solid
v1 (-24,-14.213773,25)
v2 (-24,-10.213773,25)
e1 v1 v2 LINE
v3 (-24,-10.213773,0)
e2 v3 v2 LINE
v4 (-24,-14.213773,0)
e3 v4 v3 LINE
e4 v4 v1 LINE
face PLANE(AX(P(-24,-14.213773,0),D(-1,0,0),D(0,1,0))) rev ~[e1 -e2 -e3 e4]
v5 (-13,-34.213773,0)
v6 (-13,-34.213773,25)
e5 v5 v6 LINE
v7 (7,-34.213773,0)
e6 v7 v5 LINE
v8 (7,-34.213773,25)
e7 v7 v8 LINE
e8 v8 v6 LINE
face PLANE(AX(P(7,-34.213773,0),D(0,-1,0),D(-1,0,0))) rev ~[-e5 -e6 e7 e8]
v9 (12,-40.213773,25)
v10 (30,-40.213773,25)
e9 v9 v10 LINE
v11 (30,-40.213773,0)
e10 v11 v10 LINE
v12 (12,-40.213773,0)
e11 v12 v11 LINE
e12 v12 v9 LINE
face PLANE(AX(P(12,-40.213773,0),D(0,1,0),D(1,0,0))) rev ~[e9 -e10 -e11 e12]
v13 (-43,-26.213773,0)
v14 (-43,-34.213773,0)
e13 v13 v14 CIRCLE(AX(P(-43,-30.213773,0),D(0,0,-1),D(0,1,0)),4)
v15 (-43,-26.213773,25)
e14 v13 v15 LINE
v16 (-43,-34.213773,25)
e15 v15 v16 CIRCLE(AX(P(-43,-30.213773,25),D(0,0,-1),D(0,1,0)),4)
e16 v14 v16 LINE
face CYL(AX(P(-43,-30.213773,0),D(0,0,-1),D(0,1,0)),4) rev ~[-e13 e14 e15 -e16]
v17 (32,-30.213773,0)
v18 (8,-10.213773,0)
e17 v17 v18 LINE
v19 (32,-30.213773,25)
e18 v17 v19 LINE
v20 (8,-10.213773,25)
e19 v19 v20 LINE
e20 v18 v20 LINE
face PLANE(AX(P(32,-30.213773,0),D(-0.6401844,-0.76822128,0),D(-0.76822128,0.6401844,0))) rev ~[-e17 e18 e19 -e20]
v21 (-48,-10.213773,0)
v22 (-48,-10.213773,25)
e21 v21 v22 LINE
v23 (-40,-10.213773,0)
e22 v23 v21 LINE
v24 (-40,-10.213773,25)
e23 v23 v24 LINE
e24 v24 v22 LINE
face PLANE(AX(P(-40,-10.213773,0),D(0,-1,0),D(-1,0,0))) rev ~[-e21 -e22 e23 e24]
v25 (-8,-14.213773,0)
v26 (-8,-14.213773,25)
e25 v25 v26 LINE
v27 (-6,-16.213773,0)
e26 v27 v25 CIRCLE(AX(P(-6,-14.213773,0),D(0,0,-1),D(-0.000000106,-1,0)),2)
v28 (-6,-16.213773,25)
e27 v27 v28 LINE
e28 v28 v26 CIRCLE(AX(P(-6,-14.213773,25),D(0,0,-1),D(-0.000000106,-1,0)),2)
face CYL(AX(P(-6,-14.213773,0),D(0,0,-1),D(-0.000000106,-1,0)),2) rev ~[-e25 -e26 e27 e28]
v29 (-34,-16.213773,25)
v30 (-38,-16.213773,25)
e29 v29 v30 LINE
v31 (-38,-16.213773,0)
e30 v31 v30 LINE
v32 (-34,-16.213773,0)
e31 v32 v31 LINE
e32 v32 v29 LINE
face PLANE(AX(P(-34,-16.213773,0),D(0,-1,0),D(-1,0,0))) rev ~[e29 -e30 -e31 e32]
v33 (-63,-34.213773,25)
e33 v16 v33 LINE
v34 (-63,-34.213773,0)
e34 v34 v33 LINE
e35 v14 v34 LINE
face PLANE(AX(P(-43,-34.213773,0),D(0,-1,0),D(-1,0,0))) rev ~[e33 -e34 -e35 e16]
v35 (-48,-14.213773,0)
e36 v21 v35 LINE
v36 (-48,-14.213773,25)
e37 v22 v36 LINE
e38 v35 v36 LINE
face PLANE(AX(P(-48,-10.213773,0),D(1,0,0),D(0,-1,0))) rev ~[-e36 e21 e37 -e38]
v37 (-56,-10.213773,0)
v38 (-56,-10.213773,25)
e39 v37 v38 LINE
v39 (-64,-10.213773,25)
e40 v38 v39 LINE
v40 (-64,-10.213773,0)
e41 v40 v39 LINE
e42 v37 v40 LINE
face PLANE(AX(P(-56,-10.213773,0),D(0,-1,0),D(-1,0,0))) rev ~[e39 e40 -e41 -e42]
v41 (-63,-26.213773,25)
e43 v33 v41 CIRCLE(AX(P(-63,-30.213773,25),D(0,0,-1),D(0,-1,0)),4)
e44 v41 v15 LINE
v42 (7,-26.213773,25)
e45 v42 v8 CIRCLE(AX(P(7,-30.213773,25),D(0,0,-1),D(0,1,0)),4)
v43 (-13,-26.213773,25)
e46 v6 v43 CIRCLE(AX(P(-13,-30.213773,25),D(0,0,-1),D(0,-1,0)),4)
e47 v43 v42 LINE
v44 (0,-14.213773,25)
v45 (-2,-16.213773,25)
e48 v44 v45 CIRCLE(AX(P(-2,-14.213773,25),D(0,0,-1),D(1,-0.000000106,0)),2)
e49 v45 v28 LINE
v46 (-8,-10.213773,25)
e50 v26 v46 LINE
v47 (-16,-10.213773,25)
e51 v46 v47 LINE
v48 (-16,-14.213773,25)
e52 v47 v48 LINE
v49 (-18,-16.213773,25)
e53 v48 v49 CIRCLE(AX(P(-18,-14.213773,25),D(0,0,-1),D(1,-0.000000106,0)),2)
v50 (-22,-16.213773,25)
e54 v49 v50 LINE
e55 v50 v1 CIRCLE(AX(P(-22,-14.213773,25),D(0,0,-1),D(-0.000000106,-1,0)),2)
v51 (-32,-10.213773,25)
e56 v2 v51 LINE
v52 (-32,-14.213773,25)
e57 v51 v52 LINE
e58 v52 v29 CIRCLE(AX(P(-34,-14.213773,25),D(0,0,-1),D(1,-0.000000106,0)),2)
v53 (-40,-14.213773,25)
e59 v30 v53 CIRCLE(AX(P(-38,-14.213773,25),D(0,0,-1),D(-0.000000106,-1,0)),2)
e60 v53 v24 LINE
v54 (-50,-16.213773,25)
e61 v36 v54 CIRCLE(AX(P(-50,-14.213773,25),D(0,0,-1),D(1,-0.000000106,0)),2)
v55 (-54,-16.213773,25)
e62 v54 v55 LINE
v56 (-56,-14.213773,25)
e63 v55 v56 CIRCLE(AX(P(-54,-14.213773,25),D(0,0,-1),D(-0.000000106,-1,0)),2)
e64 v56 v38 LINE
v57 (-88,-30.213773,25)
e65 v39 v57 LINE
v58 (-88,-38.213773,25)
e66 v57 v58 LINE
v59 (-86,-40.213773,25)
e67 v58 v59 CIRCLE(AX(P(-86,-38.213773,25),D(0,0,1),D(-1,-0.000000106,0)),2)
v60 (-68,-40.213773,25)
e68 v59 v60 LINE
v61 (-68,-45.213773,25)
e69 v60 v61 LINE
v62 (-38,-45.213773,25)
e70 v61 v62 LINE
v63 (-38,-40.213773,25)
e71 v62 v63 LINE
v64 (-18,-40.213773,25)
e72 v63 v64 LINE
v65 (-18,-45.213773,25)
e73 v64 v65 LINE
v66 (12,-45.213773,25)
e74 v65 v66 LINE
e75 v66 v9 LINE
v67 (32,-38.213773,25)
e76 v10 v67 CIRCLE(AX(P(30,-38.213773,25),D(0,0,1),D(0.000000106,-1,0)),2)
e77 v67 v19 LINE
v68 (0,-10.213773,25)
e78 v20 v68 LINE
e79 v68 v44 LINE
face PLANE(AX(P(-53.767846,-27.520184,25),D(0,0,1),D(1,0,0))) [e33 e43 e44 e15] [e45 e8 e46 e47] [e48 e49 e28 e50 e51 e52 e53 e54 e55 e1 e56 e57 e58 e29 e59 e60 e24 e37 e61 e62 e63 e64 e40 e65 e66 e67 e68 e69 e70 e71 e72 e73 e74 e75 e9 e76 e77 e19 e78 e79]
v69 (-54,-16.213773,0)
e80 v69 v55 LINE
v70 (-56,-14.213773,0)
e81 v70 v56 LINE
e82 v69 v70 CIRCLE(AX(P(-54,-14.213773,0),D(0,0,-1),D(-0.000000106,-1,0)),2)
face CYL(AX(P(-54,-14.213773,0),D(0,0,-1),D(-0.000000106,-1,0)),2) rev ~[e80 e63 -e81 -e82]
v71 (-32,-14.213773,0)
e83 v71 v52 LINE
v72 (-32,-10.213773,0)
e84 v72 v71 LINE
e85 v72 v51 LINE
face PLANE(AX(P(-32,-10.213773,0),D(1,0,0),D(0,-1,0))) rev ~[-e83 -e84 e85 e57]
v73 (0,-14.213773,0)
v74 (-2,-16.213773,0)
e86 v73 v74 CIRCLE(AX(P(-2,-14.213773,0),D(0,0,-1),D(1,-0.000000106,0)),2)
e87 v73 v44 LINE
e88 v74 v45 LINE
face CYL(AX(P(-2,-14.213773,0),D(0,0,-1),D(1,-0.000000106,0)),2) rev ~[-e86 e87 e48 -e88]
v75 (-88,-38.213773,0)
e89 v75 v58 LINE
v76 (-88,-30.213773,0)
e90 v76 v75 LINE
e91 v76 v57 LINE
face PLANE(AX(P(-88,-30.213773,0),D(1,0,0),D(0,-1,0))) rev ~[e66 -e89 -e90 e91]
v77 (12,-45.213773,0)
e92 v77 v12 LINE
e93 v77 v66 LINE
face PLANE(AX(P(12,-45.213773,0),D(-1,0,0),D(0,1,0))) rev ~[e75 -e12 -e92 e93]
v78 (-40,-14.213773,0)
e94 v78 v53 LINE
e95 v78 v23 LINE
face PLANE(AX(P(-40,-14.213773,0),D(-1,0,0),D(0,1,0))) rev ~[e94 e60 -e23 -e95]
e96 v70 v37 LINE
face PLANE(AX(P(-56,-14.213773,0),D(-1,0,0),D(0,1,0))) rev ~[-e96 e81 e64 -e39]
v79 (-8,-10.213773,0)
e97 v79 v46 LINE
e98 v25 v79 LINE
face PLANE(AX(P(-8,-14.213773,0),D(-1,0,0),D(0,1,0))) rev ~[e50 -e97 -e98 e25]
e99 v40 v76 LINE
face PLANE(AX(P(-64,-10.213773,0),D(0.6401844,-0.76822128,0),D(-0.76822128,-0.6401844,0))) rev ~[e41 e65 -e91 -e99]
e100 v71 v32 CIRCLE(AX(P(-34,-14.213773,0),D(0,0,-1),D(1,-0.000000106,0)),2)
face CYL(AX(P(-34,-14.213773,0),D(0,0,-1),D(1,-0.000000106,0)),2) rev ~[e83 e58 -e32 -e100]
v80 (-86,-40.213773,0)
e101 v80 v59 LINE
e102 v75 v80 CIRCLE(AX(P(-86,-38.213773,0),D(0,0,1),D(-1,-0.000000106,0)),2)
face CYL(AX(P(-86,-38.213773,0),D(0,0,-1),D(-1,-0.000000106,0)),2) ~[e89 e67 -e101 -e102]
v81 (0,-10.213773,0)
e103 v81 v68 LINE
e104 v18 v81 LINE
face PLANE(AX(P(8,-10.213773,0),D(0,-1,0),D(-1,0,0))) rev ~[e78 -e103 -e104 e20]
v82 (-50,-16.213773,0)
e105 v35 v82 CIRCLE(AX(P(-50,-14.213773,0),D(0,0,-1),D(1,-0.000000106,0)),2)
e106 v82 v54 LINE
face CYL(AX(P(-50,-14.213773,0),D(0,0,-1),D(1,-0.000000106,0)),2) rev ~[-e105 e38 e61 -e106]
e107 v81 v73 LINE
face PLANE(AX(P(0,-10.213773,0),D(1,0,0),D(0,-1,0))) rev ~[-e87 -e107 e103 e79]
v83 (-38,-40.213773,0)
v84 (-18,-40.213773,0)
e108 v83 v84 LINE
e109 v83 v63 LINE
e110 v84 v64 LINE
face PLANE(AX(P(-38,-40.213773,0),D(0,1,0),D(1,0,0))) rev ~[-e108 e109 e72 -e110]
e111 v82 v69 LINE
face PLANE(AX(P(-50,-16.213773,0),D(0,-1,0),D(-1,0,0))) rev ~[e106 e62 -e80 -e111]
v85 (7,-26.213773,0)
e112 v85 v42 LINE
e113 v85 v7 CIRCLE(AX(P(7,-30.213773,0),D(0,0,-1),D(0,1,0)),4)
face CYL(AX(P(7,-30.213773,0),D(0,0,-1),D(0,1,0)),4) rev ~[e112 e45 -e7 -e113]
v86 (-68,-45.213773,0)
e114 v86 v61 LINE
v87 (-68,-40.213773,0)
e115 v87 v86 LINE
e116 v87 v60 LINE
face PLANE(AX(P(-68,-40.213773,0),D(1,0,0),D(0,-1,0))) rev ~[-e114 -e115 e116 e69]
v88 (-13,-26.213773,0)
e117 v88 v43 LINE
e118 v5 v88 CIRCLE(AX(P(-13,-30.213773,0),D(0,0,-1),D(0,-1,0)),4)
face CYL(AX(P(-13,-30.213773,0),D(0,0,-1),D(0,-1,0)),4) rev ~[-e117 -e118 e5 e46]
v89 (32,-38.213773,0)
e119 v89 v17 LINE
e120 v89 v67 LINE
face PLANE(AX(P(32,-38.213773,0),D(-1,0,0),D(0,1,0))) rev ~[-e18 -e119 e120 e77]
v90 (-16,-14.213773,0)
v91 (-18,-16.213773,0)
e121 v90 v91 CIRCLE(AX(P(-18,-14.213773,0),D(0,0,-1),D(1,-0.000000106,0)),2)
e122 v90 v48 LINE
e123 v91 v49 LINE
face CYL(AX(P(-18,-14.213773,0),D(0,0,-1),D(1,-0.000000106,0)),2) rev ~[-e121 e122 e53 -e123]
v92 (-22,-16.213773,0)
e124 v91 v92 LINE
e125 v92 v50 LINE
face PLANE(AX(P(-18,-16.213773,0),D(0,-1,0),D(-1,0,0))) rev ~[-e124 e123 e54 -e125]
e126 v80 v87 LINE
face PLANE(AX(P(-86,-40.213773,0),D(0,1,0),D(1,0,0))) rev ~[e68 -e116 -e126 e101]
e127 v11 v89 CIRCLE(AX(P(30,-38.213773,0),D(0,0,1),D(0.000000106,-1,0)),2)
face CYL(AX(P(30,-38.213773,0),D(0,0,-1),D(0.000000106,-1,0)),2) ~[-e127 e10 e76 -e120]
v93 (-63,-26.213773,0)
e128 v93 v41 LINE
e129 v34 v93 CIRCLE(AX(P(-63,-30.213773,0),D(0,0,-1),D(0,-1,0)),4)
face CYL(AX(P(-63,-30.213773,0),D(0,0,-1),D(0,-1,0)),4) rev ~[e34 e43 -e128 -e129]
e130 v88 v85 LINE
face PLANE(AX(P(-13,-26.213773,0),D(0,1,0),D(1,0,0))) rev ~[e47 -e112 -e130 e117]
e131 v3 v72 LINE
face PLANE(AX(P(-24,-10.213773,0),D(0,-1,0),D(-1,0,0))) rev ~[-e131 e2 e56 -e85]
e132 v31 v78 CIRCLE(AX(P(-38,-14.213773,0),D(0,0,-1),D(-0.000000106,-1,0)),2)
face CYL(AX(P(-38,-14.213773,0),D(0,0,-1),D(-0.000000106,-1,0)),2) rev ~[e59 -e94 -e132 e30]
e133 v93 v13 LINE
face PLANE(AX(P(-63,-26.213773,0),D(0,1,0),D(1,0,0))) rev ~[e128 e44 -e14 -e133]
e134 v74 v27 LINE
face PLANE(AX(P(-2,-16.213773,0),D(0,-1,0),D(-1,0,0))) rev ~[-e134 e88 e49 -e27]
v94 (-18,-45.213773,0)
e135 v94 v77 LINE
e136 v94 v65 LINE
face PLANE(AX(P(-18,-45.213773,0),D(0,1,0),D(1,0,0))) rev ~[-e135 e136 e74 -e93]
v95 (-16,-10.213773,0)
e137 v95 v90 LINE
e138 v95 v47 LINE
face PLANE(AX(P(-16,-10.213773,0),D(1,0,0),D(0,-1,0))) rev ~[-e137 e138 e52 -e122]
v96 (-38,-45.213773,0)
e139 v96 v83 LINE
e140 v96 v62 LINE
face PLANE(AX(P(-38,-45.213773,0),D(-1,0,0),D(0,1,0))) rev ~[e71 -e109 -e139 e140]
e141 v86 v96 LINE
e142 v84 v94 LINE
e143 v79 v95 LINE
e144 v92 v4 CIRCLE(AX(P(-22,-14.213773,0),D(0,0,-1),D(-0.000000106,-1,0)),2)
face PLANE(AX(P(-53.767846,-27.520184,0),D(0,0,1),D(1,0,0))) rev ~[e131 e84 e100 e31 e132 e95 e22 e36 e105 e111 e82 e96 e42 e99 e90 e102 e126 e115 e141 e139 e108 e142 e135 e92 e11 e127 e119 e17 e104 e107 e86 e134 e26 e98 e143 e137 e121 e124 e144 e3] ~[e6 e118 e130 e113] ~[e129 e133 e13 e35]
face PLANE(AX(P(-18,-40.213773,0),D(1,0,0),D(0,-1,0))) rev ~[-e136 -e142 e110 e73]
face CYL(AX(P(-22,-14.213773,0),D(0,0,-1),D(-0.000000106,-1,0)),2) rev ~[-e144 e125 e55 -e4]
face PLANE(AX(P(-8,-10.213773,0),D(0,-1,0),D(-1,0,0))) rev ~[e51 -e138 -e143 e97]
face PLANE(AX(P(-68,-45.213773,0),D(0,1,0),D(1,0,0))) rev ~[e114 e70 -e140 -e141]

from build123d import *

# Parameters (mm, degrees)
F1_DEPTH = 25


with BuildPart() as f1:
    # F0 (on Top) → F1 (new body)
    with BuildSketch(Plane.XY):
        with BuildLine():
            Line((-68, -40.213773), (-68, -45.213773))
            Line((-68, -45.213773), (-38, -45.213773))
            Line((-38, -45.213773), (-38, -40.213773))
            Line((-38, -40.213773), (-28, -40.213773))
            Line((-28, -40.213773), (-28, -10.213773))
            Line((-28, -10.213773), (-32, -10.213773))
            Line((-32, -10.213773), (-32, -14.213773))
            ThreePointArc((-32, -14.213773), (-32.585786, -15.627986), (-34, -16.213773))
            Line((-34, -16.213773), (-38, -16.213773))
            ThreePointArc((-38, -16.213773), (-39.414214, -15.627986), (-40, -14.213773))
            Line((-40, -14.213773), (-40, -10.213773))
            Line((-40, -10.213773), (-48, -10.213773))
            Line((-48, -10.213773), (-48, -14.213773))
            ThreePointArc((-48, -14.213773), (-48.585786, -15.627986), (-50, -16.213773))
            Line((-50, -16.213773), (-54, -16.213773))
            ThreePointArc((-54, -16.213773), (-55.414214, -15.627986), (-56, -14.213773))
            Line((-56, -14.213773), (-56, -10.213773))
            Line((-56, -10.213773), (-64, -10.213773))
            Line((-64, -10.213773), (-88, -30.213773))
            Line((-88, -30.213773), (-88, -38.213773))
            ThreePointArc((-88, -38.213773), (-87.414214, -39.627986), (-86, -40.213773))
            Line((-86, -40.213773), (-68, -40.213773))
        make_face()
        with BuildLine():
            Line((-63, -26.213773), (-43, -26.213773))
            ThreePointArc((-43, -26.213773), (-39, -30.213773), (-43, -34.213773))
            Line((-43, -34.213773), (-63, -34.213773))
            ThreePointArc((-63, -34.213773), (-67, -30.213773), (-63, -26.213773))
        make_face(mode=Mode.SUBTRACT)
        with BuildLine():
            Line((-28, -10.213773), (-28, -40.213773))
            Line((-28, -40.213773), (-18, -40.213773))
            Line((-18, -40.213773), (-18, -45.213773))
            Line((-18, -45.213773), (12, -45.213773))
            Line((12, -45.213773), (12, -40.213773))
            Line((12, -40.213773), (30, -40.213773))
            ThreePointArc((30, -40.213773), (31.414214, -39.627986), (32, -38.213773))
            Line((32, -38.213773), (32, -30.213773))
            Line((32, -30.213773), (8, -10.213773))
            Line((8, -10.213773), (0, -10.213773))
            Line((0, -10.213773), (0, -14.213773))
            ThreePointArc((0, -14.213773), (-0.585786, -15.627986), (-2, -16.213773))
            Line((-2, -16.213773), (-6, -16.213773))
            ThreePointArc((-6, -16.213773), (-7.414214, -15.627986), (-8, -14.213773))
            Line((-8, -14.213773), (-8, -10.213773))
            Line((-8, -10.213773), (-16, -10.213773))
            Line((-16, -10.213773), (-16, -14.213773))
            ThreePointArc((-16, -14.213773), (-16.585786, -15.627986), (-18, -16.213773))
            Line((-18, -16.213773), (-22, -16.213773))
            ThreePointArc((-22, -16.213773), (-23.414214, -15.627986), (-24, -14.213773))
            Line((-24, -14.213773), (-24, -10.213773))
            Line((-24, -10.213773), (-28, -10.213773))
        make_face()
        with BuildLine():
            Line((7, -34.213773), (-13, -34.213773))
            ThreePointArc((-13, -34.213773), (-17, -30.213773), (-13, -26.213773))
            Line((-13, -26.213773), (7, -26.213773))
            ThreePointArc((7, -26.213773), (11, -30.213773), (7, -34.213773))
        make_face(mode=Mode.SUBTRACT)
    extrude(amount=F1_DEPTH)


solid = f1.part
